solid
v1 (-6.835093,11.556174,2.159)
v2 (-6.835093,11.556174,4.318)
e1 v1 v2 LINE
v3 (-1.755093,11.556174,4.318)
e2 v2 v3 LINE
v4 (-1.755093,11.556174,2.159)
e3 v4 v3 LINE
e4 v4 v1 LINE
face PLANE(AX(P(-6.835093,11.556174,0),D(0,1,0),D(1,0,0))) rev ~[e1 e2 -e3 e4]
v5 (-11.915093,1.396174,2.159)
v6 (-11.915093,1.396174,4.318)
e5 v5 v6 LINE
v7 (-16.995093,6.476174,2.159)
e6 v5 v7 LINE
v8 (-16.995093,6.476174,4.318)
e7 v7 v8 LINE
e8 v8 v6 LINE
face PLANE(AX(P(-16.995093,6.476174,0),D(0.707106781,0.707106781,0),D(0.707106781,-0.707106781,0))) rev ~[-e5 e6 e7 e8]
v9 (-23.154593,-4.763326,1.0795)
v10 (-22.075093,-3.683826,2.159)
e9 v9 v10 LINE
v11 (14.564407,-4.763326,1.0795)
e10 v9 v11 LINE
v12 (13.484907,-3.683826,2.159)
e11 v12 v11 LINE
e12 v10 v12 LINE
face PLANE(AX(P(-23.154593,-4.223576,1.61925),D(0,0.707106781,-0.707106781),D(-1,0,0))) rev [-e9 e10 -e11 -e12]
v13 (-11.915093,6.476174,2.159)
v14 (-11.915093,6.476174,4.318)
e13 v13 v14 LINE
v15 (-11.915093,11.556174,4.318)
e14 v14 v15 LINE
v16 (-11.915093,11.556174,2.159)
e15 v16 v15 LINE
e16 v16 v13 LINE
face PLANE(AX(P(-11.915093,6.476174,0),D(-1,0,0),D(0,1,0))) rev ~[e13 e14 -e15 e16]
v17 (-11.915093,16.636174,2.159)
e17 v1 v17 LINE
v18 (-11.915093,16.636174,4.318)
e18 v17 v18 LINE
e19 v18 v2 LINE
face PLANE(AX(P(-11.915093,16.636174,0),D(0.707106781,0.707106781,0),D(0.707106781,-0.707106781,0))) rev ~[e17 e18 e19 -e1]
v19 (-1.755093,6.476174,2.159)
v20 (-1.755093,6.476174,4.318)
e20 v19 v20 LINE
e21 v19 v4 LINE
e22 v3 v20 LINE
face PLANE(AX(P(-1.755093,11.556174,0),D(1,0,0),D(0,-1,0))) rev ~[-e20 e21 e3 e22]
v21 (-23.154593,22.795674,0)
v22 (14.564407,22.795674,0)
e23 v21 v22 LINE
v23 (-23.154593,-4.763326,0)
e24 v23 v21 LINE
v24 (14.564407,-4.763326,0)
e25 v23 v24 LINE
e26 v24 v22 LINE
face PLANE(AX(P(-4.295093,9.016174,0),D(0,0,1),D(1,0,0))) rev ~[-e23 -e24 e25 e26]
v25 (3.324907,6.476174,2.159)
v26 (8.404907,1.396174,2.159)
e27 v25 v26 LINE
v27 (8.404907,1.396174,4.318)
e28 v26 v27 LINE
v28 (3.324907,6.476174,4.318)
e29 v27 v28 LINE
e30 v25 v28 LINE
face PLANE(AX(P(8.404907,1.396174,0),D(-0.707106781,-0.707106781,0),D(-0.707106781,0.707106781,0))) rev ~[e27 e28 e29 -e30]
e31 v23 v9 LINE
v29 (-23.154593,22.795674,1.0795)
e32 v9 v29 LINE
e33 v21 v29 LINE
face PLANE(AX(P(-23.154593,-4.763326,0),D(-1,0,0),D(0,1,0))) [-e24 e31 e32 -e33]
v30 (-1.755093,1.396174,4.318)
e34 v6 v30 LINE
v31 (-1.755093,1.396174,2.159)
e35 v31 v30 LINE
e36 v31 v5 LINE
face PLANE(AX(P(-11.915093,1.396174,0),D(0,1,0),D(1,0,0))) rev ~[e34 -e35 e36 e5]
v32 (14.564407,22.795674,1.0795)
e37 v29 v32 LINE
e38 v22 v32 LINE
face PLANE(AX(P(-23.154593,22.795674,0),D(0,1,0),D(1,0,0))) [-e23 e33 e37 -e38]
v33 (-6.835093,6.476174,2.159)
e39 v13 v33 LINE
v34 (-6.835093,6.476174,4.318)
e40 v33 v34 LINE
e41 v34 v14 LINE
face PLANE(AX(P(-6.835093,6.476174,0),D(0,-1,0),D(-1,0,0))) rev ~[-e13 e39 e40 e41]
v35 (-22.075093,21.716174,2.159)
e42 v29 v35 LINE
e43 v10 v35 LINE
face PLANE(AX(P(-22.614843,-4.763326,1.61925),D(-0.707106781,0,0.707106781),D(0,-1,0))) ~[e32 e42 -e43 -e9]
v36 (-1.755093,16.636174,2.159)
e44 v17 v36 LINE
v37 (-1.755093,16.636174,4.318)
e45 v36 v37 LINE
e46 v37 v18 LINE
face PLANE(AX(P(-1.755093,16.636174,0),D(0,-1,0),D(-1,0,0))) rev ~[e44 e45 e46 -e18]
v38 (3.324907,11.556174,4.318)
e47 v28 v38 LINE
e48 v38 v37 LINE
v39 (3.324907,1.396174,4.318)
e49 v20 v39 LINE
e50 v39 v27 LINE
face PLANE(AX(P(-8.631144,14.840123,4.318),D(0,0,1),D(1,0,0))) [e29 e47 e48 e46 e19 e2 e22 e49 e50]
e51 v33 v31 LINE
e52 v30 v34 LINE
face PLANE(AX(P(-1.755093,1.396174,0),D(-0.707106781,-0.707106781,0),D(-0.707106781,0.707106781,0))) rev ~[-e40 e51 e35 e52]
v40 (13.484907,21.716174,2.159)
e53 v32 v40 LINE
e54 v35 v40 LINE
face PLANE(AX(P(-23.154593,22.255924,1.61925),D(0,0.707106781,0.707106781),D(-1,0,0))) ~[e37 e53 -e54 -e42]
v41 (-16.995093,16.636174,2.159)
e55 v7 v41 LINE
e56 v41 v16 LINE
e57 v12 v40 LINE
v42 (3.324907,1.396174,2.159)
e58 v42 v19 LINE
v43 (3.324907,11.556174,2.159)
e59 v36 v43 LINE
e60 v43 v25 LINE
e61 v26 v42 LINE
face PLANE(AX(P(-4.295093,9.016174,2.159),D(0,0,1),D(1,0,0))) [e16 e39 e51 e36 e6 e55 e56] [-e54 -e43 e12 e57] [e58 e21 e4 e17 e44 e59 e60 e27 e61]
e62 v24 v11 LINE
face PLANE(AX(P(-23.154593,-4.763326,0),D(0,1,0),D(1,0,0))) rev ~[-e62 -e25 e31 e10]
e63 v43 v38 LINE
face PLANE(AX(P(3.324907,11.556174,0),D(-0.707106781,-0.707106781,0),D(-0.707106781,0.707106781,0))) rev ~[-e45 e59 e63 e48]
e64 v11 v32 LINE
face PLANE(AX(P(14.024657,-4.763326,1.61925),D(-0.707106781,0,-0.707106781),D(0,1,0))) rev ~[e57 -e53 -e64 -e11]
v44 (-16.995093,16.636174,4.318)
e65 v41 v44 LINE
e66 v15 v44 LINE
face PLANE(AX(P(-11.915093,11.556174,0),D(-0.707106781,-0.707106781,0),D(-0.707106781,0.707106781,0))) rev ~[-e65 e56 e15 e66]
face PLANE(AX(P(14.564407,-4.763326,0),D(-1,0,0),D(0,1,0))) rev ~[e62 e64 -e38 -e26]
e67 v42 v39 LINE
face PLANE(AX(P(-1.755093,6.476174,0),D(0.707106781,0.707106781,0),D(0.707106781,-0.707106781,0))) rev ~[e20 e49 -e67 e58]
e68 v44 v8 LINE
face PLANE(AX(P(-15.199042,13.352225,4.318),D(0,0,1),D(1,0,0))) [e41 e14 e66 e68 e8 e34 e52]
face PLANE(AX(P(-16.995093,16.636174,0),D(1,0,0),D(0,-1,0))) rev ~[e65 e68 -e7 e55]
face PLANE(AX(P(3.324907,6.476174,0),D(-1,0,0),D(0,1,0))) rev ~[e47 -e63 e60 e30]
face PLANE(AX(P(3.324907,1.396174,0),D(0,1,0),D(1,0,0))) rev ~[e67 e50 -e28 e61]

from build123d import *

# Parameters (mm, degrees)
F1_DEPTH = 4.318
F0_W     = 37.719
F0_H     = 27.559
F2_DEPTH = 2.159
F3_SIZE  = 1.0795


with BuildPart() as f1:
    # F0 (on Top) → F1 (new body)
    with BuildSketch(Plane.XY):
        Polygon((-11.915093, 11.556174), (-16.995093, 16.636174), (-16.995093, 11.556174), align=None)
        Polygon((-11.915093, 11.556174), (-16.995093, 11.556174), (-16.995093, 6.476174), align=None)
        Polygon((-11.915093, 6.476174), (-11.915093, 11.556174), (-16.995093, 6.476174), align=None)
        Polygon((-11.915093, 6.476174), (-16.995093, 6.476174), (-11.915093, 1.396174), align=None)
        Polygon((-6.835093, 16.636174), (-11.915093, 16.636174), (-6.835093, 11.556174), align=None)
        Polygon((-1.755093, 11.556174), (-6.835093, 16.636174), (-6.835093, 11.556174), align=None)
        Polygon((-1.755093, 16.636174), (-6.835093, 16.636174), (-1.755093, 11.556174), align=None)
        Polygon((3.324907, 11.556174), (-1.755093, 16.636174), (-1.755093, 11.556174), align=None)
        Polygon((3.324907, 11.556174), (-1.755093, 11.556174), (-1.755093, 6.476174), (3.324907, 1.396174), (8.404907, 1.396174), (3.324907, 6.476174), align=None)
        Polygon((-6.835093, 6.476174), (-11.915093, 6.476174), (-11.915093, 1.396174), (-1.755093, 1.396174), align=None)
    extrude(amount=F1_DEPTH)

    # F0 (on Top) → F2 (join)
    with BuildSketch(Plane.XY):
        with Locations((-4.295093, 9.016174)):
            Rectangle(F0_W, F0_H)
        Polygon((-16.995093, 11.556174), (-16.995093, 16.636174), (-11.915093, 11.556174), (-11.915093, 6.476174), (-6.835093, 6.476174), (-1.755093, 1.396174), (-11.915093, 1.396174), (-16.995093, 6.476174), align=None, mode=Mode.SUBTRACT)
        Polygon((-6.835093, 11.556174), (-11.915093, 16.636174), (-6.835093, 16.636174), (-1.755093, 16.636174), (3.324907, 11.556174), (3.324907, 6.476174), (8.404907, 1.396174), (3.324907, 1.396174), (-1.755093, 6.476174), (-1.755093, 11.556174), align=None, mode=Mode.SUBTRACT)
    extrude(amount=F2_DEPTH)

    # F3
    f3_edges = [f1.edges().sort_by_distance(p)[0] for p in [
        (-4.295093, 22.795674, 2.159),
        (-23.154593, 9.016174, 2.159),
        (14.564407, 9.016174, 2.159),
        (-4.295093, -4.763326, 2.159),
    ]]
    chamfer(f3_edges, length=F3_SIZE)


solid = f1.part
